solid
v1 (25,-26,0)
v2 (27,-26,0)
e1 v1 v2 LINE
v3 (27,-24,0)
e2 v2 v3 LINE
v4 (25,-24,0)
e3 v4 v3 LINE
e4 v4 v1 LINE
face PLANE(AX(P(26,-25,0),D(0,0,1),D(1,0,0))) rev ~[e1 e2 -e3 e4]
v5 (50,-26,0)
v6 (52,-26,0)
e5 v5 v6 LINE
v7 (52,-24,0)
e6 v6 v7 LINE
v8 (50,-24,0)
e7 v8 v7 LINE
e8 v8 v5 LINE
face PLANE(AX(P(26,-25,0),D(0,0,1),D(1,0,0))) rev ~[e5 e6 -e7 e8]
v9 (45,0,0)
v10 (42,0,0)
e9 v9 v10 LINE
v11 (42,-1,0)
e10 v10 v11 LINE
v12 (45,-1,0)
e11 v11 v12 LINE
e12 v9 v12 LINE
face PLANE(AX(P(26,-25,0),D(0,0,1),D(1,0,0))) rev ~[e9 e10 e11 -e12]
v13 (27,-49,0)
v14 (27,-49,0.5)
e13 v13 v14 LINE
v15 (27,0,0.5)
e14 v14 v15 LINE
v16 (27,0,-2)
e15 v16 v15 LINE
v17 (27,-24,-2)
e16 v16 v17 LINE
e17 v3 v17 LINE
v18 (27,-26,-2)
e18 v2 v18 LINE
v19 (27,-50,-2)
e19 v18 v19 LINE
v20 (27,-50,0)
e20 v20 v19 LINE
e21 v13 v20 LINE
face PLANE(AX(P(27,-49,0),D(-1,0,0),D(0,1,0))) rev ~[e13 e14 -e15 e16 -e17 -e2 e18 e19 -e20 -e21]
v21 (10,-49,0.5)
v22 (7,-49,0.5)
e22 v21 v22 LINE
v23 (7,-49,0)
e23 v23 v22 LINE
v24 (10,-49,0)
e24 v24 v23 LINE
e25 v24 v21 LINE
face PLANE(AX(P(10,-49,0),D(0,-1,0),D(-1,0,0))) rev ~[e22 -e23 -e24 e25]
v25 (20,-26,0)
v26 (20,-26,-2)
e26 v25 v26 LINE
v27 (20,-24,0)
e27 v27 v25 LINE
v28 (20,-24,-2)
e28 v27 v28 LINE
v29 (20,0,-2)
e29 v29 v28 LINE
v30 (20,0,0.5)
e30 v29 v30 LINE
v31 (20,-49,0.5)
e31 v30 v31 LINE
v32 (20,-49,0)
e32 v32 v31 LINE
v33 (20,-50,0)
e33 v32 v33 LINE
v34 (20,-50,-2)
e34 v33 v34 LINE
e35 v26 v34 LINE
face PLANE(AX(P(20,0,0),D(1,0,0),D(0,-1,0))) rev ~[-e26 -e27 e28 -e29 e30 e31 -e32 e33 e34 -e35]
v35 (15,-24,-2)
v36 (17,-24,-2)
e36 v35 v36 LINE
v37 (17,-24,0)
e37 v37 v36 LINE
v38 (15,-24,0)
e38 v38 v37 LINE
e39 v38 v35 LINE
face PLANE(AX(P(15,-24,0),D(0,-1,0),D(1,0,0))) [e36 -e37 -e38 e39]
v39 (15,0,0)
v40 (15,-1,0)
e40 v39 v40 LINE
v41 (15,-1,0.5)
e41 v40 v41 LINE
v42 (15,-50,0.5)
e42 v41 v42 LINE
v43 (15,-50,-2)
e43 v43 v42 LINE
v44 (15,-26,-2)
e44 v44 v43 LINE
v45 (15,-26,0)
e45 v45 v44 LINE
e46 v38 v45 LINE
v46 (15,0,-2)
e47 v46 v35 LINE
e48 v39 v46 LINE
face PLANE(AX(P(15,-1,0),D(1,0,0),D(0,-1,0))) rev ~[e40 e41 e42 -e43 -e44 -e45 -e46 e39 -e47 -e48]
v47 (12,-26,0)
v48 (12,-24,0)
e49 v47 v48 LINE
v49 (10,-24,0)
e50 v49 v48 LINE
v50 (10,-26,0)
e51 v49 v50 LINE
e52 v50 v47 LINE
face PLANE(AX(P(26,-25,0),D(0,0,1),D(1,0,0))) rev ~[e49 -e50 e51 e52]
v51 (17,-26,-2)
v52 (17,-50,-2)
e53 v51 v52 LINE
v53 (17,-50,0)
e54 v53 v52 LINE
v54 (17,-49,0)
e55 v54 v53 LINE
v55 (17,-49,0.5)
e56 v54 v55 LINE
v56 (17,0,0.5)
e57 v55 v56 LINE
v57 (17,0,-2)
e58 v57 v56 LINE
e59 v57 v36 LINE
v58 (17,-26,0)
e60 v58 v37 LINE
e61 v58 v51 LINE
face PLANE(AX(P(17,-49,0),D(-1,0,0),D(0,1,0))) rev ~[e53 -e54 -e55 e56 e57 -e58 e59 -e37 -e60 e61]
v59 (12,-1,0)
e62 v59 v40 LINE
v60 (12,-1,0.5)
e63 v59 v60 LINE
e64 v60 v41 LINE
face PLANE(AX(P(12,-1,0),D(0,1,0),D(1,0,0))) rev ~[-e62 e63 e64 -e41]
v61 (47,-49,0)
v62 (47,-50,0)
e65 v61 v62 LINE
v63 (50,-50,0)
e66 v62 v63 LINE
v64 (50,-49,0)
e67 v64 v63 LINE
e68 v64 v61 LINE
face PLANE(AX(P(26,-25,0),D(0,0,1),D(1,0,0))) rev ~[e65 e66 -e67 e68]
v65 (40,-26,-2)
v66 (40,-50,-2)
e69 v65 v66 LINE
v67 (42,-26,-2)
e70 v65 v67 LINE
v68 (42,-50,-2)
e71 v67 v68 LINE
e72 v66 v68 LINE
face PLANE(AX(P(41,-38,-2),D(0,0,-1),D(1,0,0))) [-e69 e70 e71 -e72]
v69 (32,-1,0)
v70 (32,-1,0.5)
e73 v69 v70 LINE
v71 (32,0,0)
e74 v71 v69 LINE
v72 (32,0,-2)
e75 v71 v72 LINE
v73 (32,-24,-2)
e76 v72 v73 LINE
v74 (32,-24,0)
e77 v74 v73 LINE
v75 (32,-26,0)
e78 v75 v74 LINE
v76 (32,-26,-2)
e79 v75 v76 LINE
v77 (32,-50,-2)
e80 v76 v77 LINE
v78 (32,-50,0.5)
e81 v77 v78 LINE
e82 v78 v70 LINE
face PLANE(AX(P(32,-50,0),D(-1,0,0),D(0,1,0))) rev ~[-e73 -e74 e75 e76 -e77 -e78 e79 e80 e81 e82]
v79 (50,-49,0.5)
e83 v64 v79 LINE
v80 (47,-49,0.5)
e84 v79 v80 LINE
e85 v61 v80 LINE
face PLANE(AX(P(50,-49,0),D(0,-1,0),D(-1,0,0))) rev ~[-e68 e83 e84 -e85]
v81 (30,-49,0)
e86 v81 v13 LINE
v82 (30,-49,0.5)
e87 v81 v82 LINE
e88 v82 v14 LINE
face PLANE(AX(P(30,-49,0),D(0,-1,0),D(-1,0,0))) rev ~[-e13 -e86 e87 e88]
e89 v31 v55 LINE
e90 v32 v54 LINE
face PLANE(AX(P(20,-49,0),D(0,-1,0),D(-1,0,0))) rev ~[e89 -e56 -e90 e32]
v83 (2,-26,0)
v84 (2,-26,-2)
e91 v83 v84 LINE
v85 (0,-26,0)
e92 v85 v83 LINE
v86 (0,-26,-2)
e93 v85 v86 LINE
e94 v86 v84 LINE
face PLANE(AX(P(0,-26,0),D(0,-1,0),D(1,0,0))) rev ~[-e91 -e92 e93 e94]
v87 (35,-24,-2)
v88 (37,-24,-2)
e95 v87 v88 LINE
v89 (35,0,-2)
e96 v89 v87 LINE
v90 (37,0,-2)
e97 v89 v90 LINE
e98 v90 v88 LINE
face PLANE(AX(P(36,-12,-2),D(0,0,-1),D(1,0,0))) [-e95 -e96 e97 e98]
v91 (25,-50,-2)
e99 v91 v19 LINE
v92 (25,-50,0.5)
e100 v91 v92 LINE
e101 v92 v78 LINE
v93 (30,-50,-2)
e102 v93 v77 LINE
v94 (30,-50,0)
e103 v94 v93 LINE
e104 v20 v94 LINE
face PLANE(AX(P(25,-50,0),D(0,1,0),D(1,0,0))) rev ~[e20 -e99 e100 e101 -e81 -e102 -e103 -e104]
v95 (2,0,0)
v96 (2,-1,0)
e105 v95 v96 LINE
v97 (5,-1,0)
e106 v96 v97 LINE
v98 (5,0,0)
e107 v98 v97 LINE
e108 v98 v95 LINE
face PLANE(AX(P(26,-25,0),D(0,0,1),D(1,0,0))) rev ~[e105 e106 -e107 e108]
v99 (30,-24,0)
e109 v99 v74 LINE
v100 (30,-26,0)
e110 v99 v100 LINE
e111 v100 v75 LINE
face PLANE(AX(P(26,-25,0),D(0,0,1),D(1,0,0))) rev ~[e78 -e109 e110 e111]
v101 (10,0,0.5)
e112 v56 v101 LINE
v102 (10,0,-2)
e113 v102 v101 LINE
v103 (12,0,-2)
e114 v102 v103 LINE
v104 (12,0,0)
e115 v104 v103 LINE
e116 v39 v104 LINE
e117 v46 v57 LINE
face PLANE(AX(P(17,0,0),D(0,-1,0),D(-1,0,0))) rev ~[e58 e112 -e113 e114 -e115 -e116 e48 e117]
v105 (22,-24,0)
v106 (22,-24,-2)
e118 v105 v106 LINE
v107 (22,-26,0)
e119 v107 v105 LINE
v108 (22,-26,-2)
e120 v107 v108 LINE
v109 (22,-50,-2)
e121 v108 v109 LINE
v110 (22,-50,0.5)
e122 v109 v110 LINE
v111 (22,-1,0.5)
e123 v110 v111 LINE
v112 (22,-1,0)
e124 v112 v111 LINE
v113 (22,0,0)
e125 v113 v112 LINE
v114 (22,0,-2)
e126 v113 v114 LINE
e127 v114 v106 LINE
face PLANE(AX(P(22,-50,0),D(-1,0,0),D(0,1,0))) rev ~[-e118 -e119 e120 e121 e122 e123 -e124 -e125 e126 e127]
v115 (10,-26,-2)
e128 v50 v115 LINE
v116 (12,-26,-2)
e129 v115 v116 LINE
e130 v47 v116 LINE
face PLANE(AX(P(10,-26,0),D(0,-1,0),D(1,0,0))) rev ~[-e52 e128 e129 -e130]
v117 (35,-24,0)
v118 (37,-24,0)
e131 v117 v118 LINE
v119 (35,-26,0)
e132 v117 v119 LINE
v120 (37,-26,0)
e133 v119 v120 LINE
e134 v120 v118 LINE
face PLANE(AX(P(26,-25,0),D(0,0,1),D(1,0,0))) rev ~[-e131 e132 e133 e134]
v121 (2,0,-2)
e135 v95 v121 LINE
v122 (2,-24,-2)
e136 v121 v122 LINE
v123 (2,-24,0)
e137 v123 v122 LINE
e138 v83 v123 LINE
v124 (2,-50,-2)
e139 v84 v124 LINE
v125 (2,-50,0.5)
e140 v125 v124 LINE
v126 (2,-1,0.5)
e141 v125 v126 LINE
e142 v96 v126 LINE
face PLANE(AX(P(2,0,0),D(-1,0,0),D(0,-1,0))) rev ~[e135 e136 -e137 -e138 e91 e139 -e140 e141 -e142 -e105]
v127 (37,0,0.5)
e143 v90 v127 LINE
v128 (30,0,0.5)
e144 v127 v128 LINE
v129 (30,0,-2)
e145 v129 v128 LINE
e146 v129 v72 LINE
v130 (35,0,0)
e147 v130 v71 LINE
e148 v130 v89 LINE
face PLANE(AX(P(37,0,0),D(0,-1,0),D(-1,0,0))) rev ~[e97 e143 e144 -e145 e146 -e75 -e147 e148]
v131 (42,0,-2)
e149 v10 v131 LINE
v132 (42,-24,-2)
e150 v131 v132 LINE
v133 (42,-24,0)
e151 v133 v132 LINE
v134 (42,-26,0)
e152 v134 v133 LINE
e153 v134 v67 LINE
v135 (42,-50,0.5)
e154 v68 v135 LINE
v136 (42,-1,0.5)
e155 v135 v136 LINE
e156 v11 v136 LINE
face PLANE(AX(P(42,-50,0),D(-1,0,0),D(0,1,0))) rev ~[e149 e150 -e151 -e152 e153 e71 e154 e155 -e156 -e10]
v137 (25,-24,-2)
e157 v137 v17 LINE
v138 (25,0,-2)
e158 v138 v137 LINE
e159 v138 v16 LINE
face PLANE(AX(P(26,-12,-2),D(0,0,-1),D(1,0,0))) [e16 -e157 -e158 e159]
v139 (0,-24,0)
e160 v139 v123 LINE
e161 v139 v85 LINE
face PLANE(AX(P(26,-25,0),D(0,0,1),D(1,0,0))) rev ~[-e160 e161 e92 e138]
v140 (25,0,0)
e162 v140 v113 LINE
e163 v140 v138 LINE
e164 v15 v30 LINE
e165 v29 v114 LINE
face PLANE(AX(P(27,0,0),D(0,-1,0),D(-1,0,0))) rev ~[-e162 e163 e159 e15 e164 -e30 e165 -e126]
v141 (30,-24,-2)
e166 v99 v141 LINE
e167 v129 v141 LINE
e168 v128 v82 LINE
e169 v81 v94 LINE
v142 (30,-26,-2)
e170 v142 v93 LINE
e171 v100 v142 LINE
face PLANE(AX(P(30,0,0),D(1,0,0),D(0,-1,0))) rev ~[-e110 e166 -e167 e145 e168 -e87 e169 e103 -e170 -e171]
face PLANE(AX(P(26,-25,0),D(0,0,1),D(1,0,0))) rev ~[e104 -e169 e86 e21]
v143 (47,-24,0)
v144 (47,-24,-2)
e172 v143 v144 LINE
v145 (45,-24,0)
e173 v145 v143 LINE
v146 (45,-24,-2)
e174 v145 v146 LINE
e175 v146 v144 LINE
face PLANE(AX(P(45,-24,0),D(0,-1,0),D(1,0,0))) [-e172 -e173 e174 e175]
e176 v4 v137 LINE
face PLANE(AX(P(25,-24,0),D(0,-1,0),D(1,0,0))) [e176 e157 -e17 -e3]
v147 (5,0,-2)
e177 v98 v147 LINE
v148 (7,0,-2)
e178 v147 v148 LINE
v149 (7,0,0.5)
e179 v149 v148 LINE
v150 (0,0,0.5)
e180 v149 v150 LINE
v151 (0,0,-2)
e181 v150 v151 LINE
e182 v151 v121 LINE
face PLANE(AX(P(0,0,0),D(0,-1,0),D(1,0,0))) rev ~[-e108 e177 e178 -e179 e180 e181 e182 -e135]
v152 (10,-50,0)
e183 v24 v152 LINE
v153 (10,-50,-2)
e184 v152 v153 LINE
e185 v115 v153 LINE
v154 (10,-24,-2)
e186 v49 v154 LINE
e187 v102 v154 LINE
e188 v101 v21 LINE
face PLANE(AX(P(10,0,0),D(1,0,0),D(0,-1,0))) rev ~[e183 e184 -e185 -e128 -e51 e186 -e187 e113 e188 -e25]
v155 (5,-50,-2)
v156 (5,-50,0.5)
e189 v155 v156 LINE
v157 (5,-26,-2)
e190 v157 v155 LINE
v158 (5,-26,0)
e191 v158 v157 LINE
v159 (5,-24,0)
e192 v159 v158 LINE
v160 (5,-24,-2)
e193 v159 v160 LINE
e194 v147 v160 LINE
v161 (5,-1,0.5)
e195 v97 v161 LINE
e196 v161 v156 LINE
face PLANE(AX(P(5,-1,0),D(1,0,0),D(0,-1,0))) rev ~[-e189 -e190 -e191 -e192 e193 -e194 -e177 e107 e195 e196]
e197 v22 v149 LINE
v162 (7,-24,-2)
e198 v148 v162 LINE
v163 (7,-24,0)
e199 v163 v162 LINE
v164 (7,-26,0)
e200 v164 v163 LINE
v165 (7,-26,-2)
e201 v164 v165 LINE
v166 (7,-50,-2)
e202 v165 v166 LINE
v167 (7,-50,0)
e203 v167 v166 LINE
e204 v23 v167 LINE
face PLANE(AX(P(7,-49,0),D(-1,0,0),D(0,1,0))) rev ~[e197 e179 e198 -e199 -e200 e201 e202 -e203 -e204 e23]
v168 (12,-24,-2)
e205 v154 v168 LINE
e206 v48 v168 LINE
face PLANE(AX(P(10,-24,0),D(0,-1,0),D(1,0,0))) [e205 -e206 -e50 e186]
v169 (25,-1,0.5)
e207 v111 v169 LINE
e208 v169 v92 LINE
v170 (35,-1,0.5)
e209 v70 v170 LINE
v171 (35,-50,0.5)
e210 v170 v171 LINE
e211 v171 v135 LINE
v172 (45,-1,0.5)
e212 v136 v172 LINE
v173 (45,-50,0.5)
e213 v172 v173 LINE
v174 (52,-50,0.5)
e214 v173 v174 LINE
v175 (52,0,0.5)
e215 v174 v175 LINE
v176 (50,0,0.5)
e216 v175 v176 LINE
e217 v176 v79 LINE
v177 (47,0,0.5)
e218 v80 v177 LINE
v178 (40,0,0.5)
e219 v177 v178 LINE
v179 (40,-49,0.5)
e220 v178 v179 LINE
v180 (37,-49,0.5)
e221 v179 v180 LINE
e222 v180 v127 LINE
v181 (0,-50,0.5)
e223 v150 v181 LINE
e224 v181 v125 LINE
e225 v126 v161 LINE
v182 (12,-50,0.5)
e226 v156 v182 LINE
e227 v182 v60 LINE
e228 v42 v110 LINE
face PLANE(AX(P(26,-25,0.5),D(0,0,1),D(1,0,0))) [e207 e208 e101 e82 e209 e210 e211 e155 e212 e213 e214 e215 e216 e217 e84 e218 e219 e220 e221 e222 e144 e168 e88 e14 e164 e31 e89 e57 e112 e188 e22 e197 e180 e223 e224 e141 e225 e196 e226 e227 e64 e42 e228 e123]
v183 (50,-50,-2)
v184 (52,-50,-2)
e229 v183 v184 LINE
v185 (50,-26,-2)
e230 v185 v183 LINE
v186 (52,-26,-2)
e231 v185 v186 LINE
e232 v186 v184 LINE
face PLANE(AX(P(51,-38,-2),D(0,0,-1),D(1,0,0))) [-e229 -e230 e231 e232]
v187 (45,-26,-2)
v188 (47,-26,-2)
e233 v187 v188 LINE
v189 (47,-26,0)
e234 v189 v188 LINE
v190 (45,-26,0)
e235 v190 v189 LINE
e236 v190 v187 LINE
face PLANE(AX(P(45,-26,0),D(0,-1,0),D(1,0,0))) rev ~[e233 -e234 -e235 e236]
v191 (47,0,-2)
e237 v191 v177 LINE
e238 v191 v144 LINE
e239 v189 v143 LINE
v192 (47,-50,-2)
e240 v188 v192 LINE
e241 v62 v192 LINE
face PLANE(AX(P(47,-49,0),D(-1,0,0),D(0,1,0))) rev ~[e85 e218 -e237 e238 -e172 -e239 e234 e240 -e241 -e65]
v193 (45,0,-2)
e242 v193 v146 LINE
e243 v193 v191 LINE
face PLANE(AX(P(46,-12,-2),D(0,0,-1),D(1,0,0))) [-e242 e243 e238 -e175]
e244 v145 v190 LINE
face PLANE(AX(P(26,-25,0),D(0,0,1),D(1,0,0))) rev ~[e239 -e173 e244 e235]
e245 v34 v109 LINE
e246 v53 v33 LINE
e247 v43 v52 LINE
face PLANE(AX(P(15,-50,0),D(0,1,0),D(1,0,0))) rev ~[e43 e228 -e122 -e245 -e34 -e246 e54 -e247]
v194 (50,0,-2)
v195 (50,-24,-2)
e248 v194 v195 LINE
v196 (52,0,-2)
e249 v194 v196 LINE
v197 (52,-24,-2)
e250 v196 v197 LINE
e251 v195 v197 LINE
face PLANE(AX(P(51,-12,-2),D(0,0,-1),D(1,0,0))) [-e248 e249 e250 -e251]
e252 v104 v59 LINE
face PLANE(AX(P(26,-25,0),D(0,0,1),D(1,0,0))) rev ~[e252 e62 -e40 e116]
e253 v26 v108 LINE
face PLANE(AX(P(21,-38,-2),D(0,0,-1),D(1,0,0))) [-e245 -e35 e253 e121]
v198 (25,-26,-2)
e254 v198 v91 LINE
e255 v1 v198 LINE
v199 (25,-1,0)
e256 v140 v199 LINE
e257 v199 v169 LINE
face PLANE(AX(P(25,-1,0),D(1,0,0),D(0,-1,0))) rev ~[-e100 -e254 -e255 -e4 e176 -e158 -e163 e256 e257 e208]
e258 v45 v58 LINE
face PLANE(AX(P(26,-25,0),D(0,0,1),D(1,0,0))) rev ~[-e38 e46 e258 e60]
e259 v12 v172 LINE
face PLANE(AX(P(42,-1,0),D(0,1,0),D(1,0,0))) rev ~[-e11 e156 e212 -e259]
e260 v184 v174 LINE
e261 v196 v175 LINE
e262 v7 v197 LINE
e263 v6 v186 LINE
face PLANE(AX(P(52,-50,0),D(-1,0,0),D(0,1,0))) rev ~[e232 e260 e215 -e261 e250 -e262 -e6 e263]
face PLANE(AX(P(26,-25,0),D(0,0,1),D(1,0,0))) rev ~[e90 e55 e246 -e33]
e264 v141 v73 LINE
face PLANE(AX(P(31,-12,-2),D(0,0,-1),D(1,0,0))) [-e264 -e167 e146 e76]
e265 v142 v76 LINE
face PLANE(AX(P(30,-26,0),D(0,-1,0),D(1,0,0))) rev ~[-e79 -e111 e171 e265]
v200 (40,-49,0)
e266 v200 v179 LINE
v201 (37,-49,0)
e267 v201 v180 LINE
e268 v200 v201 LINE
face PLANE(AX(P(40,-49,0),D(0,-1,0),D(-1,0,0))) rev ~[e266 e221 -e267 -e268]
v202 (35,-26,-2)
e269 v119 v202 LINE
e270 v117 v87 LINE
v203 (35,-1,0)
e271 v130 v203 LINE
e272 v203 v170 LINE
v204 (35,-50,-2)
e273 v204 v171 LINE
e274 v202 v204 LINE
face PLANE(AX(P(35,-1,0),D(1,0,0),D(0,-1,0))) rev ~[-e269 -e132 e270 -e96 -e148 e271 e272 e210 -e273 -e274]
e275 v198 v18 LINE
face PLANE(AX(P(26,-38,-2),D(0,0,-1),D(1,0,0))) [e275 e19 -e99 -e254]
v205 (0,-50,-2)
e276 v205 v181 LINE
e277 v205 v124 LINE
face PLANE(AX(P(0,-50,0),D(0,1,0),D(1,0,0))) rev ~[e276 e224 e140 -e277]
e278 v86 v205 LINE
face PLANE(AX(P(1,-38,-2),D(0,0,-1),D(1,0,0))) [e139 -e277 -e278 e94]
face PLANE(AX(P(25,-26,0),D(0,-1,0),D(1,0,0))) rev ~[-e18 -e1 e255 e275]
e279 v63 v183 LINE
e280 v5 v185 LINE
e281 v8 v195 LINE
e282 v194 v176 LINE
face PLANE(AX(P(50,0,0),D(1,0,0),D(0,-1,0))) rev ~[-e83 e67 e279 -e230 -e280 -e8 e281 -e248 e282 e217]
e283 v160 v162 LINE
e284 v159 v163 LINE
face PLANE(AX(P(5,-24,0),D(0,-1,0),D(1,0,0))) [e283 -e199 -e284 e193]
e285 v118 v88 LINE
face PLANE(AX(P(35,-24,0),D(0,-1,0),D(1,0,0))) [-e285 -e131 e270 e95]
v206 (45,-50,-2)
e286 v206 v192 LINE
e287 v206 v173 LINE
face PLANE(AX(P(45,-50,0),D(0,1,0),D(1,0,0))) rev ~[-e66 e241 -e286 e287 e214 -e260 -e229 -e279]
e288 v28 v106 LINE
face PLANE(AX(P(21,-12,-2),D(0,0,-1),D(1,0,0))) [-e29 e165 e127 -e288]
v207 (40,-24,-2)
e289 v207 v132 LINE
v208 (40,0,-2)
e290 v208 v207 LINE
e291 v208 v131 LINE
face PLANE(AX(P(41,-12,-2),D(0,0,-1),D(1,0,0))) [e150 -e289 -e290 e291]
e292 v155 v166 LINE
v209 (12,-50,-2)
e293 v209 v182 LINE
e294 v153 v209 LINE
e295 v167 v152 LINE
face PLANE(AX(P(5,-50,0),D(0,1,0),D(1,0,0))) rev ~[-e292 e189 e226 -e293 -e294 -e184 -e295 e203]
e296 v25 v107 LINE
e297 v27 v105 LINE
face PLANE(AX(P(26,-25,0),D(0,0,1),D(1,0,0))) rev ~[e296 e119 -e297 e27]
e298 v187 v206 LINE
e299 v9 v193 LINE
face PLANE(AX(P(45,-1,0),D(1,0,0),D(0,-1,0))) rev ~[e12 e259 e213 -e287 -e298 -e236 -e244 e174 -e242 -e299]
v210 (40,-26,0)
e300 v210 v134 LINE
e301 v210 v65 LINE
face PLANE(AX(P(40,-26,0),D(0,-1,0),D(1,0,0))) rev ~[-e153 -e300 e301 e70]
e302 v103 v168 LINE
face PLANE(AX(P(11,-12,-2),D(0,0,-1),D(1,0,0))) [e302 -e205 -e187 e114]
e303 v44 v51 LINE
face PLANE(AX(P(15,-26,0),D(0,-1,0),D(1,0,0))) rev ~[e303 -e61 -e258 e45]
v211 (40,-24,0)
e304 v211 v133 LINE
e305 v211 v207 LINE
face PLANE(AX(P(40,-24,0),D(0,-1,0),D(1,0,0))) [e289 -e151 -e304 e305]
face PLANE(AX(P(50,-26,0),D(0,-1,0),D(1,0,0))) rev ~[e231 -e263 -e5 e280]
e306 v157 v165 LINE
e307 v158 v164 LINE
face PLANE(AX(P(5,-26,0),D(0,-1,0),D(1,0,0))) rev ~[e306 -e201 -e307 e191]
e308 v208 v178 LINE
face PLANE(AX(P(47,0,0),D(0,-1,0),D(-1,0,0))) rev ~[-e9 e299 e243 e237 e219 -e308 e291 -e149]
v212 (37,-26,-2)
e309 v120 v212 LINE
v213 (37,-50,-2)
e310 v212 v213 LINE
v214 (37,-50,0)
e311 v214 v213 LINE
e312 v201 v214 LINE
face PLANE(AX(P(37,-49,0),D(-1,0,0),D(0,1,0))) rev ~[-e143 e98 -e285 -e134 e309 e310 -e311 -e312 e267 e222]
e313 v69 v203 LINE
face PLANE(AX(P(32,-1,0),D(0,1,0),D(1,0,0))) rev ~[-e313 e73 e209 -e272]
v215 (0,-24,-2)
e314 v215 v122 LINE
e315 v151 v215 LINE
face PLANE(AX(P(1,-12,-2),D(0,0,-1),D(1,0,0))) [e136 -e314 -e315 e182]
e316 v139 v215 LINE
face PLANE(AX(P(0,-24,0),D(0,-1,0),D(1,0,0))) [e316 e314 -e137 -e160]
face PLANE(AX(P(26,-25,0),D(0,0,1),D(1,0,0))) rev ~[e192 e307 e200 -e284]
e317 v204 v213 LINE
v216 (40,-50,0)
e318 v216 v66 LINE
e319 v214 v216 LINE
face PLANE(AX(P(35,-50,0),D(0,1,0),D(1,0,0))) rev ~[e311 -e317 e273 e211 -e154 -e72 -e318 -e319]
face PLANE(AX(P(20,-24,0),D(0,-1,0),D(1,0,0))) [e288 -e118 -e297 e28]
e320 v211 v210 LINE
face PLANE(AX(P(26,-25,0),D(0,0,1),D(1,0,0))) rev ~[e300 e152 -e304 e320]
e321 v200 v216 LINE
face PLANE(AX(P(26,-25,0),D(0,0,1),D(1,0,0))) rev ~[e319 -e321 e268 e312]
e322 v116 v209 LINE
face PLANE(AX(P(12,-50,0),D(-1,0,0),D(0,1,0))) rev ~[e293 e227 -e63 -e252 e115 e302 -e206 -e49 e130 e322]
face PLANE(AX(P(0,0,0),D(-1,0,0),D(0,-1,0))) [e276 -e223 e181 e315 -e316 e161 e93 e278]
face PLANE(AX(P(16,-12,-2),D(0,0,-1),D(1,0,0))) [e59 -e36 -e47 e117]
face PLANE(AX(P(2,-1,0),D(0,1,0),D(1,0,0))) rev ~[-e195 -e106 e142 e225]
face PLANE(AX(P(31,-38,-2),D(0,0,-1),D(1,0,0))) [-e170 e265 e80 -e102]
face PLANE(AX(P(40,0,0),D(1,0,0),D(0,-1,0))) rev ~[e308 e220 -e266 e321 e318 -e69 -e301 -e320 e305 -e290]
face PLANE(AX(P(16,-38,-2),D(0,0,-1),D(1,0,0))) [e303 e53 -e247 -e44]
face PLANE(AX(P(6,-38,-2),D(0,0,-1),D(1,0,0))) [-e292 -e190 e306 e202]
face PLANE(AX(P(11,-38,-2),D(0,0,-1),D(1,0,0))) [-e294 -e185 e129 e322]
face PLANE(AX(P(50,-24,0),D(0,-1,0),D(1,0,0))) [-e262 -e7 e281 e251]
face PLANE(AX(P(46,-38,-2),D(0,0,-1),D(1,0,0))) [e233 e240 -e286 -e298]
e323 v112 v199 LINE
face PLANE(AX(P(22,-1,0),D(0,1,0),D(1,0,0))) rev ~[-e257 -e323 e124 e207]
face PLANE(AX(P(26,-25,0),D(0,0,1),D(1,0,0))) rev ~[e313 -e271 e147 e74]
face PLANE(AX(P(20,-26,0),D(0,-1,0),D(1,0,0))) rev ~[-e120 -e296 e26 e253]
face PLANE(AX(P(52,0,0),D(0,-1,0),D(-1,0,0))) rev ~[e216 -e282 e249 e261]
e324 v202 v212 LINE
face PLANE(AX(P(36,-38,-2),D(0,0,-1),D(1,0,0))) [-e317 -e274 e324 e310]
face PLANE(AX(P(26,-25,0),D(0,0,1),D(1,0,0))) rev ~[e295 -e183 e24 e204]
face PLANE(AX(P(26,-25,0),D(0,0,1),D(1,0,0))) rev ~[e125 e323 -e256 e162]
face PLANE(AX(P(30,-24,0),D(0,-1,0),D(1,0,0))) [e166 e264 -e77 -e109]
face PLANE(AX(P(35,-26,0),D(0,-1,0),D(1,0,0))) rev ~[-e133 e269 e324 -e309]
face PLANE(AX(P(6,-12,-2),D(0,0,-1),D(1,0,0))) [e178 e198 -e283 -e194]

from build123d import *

# Parameters (mm, degrees)
F1_DEPTH = 0.5
F2_W     = 2
F2_H     = 24
F3_DEPTH = 2


with BuildPart() as f1:
    # F0 (on Top) → F1 (new body)
    with BuildSketch(Plane.XY):
        Polygon((7, 0), (0, 0), (0, -50), (2, -50), (2, -1), (5, -1), (5, -50), (12, -50), (12, -1), (15, -1), (15, -50), (22, -50), (22, -1), (25, -1), (25, -50), (32, -50), (32, -1), (35, -1), (35, -50), (42, -50), (42, -1), (45, -1), (45, -50), (52, -50), (52, -1), (52, 0), (50, 0), (50, -49), (47, -49), (47, 0), (40, 0), (40, -49), (37, -49), (37, 0), (30, 0), (30, -49), (27, -49), (27, 0), (20, 0), (20, -49), (17, -49), (17, 0), (10, 0), (10, -49), (7, -49), align=None)
    extrude(amount=F1_DEPTH)

    # F2 (on face) → F3 (join)
    with BuildSketch(Plane(origin=(0, 0, 0), x_dir=(1, 0, 0), z_dir=(0, 0, -1))):
        with Locations((1, 12)):
            Rectangle(F2_W, F2_H)
        with Locations((1, 38)):
            Rectangle(F2_W, F2_H)
        with Locations((6, 12)):
            Rectangle(F2_W, F2_H)
        with Locations((6, 38)):
            Rectangle(F2_W, F2_H)
        with Locations((11, 12)):
            Rectangle(F2_W, F2_H)
        with Locations((11, 38)):
            Rectangle(F2_W, F2_H)
        with Locations((16, 12)):
            Rectangle(F2_W, F2_H)
        with Locations((16, 38)):
            Rectangle(F2_W, F2_H)
        with Locations((21, 12)):
            Rectangle(F2_W, F2_H)
        with Locations((21, 38)):
            Rectangle(F2_W, F2_H)
        with Locations((26, 12)):
            Rectangle(F2_W, F2_H)
        with Locations((26, 38)):
            Rectangle(F2_W, F2_H)
        with Locations((31, 12)):
            Rectangle(F2_W, F2_H)
        with Locations((31, 38)):
            Rectangle(F2_W, F2_H)
        with Locations((36, 12)):
            Rectangle(F2_W, F2_H)
        with Locations((36, 38)):
            Rectangle(F2_W, F2_H)
        with Locations((41, 12)):
            Rectangle(F2_W, F2_H)
        with Locations((41, 38)):
            Rectangle(F2_W, F2_H)
        with Locations((46, 12)):
            Rectangle(F2_W, F2_H)
        with Locations((46, 38)):
            Rectangle(F2_W, F2_H)
        with Locations((51, 12)):
            Rectangle(F2_W, F2_H)
        with Locations((51, 38)):
            Rectangle(F2_W, F2_H)
    extrude(amount=F3_DEPTH)


solid = f1.part
